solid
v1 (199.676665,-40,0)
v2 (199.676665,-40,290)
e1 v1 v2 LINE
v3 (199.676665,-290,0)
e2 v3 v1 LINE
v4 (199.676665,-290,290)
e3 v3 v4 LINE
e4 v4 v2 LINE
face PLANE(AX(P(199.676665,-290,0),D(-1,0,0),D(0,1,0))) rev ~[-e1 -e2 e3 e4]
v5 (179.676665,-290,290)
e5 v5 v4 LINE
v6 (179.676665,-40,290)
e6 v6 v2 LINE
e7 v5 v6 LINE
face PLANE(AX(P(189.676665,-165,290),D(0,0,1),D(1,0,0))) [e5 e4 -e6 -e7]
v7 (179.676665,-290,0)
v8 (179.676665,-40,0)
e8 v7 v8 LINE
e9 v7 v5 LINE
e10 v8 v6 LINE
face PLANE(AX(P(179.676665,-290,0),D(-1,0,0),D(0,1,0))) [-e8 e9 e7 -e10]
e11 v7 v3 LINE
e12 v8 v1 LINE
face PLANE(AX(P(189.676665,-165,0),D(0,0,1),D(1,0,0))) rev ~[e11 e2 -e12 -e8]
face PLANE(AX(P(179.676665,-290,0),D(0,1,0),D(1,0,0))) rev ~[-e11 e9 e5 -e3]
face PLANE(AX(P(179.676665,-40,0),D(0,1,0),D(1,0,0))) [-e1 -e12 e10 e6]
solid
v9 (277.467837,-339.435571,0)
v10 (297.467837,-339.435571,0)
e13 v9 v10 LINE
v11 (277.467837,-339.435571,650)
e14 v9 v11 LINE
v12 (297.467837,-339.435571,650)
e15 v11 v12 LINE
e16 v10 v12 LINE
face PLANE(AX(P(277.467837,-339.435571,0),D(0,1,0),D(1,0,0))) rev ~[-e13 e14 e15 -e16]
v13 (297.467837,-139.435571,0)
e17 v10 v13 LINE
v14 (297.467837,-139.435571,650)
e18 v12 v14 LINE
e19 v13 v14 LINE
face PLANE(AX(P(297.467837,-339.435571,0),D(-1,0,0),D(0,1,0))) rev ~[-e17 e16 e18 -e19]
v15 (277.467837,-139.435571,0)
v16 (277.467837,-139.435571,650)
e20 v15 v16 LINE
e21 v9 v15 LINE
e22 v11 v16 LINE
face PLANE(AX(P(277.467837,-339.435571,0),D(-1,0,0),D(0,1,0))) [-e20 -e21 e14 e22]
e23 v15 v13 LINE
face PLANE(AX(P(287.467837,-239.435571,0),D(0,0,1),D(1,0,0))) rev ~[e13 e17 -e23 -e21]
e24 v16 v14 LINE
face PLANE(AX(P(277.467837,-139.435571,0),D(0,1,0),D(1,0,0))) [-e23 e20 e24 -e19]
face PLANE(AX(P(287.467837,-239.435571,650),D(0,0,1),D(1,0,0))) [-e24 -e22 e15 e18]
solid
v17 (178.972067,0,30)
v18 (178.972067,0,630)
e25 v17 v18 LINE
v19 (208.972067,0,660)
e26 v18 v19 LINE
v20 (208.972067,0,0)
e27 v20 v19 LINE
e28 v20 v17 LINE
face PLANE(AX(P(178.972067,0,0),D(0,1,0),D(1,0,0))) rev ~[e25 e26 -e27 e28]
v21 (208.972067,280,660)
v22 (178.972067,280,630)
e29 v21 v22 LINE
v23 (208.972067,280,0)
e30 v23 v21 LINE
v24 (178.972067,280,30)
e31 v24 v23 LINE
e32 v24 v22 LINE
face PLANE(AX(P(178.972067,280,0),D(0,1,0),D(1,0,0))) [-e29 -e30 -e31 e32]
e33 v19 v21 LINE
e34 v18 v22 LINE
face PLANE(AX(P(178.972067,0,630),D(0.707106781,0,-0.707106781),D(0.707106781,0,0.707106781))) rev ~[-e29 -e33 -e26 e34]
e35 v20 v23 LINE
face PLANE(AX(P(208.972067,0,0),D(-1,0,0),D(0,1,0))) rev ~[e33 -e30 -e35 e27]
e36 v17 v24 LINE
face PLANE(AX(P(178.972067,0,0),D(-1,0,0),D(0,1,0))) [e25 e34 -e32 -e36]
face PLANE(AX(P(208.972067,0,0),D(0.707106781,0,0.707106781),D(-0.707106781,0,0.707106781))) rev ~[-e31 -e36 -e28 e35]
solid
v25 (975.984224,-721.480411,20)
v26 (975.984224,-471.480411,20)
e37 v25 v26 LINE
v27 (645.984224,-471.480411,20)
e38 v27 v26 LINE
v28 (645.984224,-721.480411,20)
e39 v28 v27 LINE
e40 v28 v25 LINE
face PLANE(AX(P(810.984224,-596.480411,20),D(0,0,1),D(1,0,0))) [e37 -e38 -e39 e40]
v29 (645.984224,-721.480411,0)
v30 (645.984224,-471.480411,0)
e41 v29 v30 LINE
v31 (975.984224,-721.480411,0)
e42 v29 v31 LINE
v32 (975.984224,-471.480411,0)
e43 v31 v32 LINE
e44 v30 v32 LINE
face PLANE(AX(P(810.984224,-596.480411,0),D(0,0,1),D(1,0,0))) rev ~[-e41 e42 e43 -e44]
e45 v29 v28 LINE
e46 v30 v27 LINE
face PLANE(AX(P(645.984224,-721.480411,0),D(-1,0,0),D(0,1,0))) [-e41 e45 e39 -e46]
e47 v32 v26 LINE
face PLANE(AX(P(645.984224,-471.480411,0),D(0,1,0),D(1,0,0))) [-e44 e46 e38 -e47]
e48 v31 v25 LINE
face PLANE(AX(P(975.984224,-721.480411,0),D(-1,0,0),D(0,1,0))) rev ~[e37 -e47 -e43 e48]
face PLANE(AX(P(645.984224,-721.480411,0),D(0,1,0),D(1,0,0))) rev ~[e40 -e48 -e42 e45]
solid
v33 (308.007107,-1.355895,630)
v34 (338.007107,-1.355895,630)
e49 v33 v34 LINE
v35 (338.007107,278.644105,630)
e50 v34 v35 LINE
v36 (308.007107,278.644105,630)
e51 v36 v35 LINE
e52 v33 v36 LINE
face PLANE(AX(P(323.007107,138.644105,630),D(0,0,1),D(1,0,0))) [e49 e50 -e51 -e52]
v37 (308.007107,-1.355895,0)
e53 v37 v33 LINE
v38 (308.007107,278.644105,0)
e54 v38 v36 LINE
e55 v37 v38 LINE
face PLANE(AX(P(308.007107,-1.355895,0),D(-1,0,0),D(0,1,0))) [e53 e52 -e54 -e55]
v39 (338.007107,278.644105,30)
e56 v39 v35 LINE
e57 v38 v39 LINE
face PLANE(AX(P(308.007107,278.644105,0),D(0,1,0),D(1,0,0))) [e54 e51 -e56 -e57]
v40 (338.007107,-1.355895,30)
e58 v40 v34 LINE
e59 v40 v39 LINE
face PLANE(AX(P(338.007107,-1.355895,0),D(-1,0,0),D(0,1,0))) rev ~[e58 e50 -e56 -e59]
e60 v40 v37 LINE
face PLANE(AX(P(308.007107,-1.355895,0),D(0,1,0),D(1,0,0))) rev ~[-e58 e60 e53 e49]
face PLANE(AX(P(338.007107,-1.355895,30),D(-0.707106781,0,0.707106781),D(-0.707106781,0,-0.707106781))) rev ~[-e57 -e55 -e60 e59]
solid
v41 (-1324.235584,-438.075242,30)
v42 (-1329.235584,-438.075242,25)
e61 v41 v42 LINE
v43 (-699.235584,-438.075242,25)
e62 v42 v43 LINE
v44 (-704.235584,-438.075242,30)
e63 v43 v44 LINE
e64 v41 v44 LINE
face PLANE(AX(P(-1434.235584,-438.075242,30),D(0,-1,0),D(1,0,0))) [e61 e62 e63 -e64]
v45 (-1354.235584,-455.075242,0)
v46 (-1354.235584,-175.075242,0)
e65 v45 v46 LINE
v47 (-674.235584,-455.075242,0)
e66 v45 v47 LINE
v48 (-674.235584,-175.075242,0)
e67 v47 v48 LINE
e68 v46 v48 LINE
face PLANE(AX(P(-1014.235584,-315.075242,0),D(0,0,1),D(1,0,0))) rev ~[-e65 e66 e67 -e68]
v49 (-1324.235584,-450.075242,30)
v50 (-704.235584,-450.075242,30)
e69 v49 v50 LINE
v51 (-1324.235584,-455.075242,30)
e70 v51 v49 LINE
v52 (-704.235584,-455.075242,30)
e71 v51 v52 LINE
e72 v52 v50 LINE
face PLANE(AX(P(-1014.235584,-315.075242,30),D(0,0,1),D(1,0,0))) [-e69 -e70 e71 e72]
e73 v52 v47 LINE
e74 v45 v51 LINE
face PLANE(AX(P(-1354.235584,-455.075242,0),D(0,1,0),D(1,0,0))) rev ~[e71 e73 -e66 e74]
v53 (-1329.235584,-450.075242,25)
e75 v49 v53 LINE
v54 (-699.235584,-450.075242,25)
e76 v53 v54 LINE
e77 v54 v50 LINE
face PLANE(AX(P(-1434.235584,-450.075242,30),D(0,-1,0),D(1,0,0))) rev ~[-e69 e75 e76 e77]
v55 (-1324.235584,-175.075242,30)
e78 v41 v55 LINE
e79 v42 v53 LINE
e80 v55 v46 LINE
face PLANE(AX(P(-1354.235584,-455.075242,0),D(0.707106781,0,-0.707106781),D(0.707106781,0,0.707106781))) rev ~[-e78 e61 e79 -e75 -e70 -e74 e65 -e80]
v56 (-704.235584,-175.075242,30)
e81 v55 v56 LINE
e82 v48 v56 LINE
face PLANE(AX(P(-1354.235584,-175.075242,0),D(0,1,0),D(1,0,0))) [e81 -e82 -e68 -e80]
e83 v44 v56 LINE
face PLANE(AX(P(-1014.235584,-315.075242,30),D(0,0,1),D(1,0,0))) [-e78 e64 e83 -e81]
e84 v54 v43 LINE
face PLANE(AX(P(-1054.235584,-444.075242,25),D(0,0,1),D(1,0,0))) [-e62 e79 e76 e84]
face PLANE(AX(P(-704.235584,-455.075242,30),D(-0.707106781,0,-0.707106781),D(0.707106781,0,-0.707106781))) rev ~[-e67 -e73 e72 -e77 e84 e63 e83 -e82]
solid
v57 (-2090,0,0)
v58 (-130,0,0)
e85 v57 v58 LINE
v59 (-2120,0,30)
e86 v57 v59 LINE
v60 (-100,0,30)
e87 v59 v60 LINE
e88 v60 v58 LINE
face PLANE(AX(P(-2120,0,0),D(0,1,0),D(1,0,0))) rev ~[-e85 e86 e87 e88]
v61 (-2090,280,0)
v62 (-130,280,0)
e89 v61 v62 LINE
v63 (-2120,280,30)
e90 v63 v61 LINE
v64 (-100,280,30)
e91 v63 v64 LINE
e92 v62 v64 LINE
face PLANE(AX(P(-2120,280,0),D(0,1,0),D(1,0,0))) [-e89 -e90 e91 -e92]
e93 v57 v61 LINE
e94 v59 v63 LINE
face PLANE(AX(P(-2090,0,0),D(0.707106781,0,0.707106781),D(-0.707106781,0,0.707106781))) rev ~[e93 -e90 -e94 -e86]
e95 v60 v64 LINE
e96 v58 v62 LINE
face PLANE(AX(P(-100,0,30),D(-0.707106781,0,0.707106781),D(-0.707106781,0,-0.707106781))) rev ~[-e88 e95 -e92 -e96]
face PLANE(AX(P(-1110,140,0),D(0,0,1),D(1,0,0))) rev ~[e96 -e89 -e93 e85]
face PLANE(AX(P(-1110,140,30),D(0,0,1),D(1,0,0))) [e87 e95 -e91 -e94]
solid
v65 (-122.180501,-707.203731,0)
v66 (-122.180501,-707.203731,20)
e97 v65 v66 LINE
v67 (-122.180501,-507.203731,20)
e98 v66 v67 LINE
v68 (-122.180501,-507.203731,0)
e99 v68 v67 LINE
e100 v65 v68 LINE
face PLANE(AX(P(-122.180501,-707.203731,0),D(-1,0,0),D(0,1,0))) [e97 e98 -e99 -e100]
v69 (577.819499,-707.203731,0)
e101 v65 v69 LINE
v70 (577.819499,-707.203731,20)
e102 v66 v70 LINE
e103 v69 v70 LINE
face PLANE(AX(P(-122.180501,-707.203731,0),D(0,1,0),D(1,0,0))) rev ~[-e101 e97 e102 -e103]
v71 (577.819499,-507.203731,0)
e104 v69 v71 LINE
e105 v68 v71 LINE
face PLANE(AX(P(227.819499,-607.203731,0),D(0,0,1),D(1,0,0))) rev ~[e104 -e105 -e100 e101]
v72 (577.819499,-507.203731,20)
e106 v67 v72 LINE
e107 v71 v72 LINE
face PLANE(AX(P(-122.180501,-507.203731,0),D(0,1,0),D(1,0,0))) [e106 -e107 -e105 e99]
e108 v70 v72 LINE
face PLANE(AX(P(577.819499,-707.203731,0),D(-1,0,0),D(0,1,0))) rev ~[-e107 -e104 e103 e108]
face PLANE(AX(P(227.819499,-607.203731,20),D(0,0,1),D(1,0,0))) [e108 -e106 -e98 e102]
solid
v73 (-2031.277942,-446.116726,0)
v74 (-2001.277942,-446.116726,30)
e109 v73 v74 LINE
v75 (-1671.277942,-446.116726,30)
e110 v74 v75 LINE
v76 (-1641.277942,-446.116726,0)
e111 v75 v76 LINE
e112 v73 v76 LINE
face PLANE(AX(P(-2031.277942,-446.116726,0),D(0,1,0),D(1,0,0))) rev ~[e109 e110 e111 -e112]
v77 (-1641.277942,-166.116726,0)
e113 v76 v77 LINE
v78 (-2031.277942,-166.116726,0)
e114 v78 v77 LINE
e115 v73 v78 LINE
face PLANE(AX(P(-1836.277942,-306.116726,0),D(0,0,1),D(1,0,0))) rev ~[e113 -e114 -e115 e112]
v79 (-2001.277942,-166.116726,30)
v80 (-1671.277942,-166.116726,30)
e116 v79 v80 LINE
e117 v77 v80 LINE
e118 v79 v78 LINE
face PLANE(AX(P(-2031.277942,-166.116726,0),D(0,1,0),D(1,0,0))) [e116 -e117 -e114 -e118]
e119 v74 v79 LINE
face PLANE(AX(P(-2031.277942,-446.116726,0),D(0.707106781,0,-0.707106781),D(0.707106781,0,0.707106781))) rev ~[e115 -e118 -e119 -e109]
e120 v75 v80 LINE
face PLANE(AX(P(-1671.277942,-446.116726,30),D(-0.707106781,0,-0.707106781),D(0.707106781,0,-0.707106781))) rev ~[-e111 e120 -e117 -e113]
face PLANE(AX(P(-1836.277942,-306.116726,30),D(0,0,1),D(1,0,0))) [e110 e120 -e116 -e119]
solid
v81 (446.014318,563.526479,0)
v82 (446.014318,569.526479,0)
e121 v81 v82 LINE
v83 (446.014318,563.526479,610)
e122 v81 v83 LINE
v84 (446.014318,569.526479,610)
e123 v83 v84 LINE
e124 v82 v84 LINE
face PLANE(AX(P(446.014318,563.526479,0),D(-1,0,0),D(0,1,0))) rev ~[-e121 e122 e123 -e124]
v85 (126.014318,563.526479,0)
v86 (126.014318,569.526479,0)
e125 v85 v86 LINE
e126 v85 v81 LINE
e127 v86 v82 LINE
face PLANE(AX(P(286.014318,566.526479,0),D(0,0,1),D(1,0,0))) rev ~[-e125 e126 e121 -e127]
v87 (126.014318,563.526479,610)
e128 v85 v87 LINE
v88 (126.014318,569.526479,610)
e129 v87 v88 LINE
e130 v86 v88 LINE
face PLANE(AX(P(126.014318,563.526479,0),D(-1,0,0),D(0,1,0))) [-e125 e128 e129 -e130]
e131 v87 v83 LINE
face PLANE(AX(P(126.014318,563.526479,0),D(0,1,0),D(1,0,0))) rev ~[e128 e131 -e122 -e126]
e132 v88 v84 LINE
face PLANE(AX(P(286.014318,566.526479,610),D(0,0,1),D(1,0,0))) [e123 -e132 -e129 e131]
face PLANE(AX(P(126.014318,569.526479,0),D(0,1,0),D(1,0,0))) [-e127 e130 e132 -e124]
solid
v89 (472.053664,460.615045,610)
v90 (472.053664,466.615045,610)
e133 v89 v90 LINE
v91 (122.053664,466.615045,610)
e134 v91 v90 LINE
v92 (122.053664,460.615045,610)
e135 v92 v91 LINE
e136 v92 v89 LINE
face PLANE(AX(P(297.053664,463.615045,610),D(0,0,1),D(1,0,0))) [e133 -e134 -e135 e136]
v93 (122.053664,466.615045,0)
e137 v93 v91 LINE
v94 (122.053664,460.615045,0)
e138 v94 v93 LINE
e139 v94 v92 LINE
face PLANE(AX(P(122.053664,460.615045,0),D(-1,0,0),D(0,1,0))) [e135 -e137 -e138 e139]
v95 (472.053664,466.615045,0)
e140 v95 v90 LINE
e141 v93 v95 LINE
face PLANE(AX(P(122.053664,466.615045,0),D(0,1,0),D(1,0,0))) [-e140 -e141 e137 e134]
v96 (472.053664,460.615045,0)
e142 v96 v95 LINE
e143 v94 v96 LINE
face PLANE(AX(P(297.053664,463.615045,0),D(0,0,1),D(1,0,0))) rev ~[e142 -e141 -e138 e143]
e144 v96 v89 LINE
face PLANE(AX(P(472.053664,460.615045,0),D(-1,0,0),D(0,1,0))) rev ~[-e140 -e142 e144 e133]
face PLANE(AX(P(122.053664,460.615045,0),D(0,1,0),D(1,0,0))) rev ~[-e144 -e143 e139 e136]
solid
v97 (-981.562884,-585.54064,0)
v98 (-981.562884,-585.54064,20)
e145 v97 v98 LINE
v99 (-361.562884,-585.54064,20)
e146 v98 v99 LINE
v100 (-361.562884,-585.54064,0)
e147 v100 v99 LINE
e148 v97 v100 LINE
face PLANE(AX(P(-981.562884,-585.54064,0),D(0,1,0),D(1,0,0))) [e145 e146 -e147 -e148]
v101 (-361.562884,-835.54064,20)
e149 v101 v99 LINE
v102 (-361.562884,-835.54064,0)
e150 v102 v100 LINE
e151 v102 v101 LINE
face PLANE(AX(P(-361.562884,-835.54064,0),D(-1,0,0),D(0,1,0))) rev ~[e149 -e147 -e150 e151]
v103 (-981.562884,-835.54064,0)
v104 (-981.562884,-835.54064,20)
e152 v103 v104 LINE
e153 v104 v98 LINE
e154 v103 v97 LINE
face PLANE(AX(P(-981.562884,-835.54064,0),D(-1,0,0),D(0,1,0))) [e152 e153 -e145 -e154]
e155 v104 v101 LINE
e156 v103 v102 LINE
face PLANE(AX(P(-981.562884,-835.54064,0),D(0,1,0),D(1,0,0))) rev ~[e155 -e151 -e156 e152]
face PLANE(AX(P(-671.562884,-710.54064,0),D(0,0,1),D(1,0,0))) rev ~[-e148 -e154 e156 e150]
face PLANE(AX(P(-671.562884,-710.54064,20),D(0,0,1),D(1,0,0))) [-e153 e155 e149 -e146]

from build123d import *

# Parameters (mm, degrees)
F0_W      = 2020
F0_H      = 280
F1_DEPTH  = 30
F2_W      = 30
F2_H      = 280
F3_DEPTH  = 660
F5_DEPTH  = 380
F7_DEPTH  = 380
F8_W      = 680
F8_H      = 280
F9_DEPTH  = 30
F10_W     = 20
F10_H     = 250
F11_DEPTH = 290
F12_W     = 30
F12_H     = 280
F13_DEPTH = 630
F15_DEPTH = 380
F17_DEPTH = 380
F18_W     = 390
F18_H     = 280
F19_DEPTH = 30
F21_DEPTH = 380
F22_W     = 760
F22_H     = 12
F23_DEPTH = 5
F24_W     = 350
F24_H     = 6
F25_DEPTH = 610
F26_W     = 620
F26_H     = 250
F27_DEPTH = 20
F28_W     = 20
F28_H     = 200
F29_DEPTH = 650
F30_W     = 700
F30_H     = 200
F31_DEPTH = 20
F32_W     = 330
F32_H     = 250
F33_DEPTH = 20
F34_W     = 320
F34_H     = 6
F35_DEPTH = 610


with BuildPart() as f1:
    # F0 (on Top) → F1 (new body)
    with BuildSketch(Plane.XY):
        with Locations((-1110, 140)):
            Rectangle(F0_W, F0_H)
    extrude(amount=F1_DEPTH)

    # F4 (on face) → F5 (cut)
    with BuildSketch(Plane.XZ):
        Polygon((-2090, 0), (-2120, 30), (-2120, 0), align=None)
        Polygon((-100, 0), (-100, 30), (-130, 0), align=None)
    extrude(amount=-F5_DEPTH, mode=Mode.SUBTRACT)


with BuildPart() as f3:
    # F2 (on Top) → F3 (new body)
    with BuildSketch(Plane.XY):
        with Locations((193.972067, 140)):
            Rectangle(F2_W, F2_H)
    extrude(amount=F3_DEPTH)

    # F6 (on face) → F7 (cut)
    with BuildSketch(Plane.XZ):
        Polygon((178.972067, 630), (208.972067, 660), (178.972067, 660), align=None)
        Polygon((178.972067, 0), (208.972067, 0), (178.972067, 30), align=None)
    extrude(amount=-F7_DEPTH, mode=Mode.SUBTRACT)


with BuildPart() as f9:
    # F8 (on Top) → F9 (new body)
    with BuildSketch(Plane.XY):
        with Locations((-1014.235584, -315.075242)):
            Rectangle(F8_W, F8_H)
    extrude(amount=F9_DEPTH)

    # F16 (on face) → F17 (cut)
    with BuildSketch(Plane.XZ.offset(455.075242)):
        Polygon((-1324.235584, 30), (-1354.235584, 30), (-1354.235584, 0), align=None)
        Polygon((-674.235584, 0), (-674.235584, 30), (-704.235584, 30), align=None)
    extrude(amount=-F17_DEPTH, mode=Mode.SUBTRACT)

    # F22 (on face) → F23 (cut)
    with BuildSketch(Plane.XY.offset(30)):
        with Locations((-1054.235584, -444.075242)):
            Rectangle(F22_W, F22_H)
    extrude(amount=-F23_DEPTH, mode=Mode.SUBTRACT)


with BuildPart() as f11:
    # F10 (on Top) → F11 (new body)
    with BuildSketch(Plane.XY):
        with Locations((189.676665, -165)):
            Rectangle(F10_W, F10_H)
    extrude(amount=F11_DEPTH)


with BuildPart() as f13:
    # F12 (on Top) → F13 (new body)
    with BuildSketch(Plane.XY):
        with Locations((323.007107, 138.644105)):
            Rectangle(F12_W, F12_H)
    extrude(amount=F13_DEPTH)

    # F14 (on face) → F15 (cut)
    with BuildSketch(Plane.XZ.offset(1.355895)):
        Polygon((338.007107, 30), (308.007107, 0), (338.007107, 0), align=None)
    extrude(amount=-F15_DEPTH, mode=Mode.SUBTRACT)


with BuildPart() as f19:
    # F18 (on Top) → F19 (new body)
    with BuildSketch(Plane.XY):
        with Locations((-1836.277942, -306.116726)):
            Rectangle(F18_W, F18_H)
    extrude(amount=F19_DEPTH)

    # F20 (on face) → F21 (cut)
    with BuildSketch(Plane.XZ.offset(446.116726)):
        Polygon((-2031.277942, 30), (-2031.277942, 0), (-2001.277942, 30), align=None)
        Polygon((-1671.277942, 30), (-1641.277942, 0), (-1641.277942, 30), align=None)
    extrude(amount=-F21_DEPTH, mode=Mode.SUBTRACT)


with BuildPart() as f25:
    # F24 (on Top) → F25 (new body)
    with BuildSketch(Plane.XY):
        with Locations((297.053664, 463.615045)):
            Rectangle(F24_W, F24_H)
    extrude(amount=F25_DEPTH)


with BuildPart() as f27:
    # F26 (on Top) → F27 (new body)
    with BuildSketch(Plane.XY):
        with Locations((-671.562884, -710.54064)):
            Rectangle(F26_W, F26_H)
    extrude(amount=F27_DEPTH)


with BuildPart() as f29:
    # F28 (on Top) → F29 (new body)
    with BuildSketch(Plane.XY):
        with Locations((287.467837, -239.435571)):
            Rectangle(F28_W, F28_H)
    extrude(amount=F29_DEPTH)


with BuildPart() as f31:
    # F30 (on Top) → F31 (new body)
    with BuildSketch(Plane.XY):
        with Locations((227.819499, -607.203731)):
            Rectangle(F30_W, F30_H)
    extrude(amount=F31_DEPTH)


with BuildPart() as f33:
    # F32 (on Top) → F33 (new body)
    with BuildSketch(Plane.XY):
        with Locations((810.984224, -596.480411)):
            Rectangle(F32_W, F32_H)
    extrude(amount=F33_DEPTH)


with BuildPart() as f35:
    # F34 (on Top) → F35 (new body)
    with BuildSketch(Plane.XY):
        with Locations((286.014318, 566.526479)):
            Rectangle(F34_W, F34_H)
    extrude(amount=F35_DEPTH)


solid = Compound([f1.part, f3.part, f9.part, f11.part, f13.part, f19.part, f25.part, f27.part, f29.part, f31.part, f33.part, f35.part])
